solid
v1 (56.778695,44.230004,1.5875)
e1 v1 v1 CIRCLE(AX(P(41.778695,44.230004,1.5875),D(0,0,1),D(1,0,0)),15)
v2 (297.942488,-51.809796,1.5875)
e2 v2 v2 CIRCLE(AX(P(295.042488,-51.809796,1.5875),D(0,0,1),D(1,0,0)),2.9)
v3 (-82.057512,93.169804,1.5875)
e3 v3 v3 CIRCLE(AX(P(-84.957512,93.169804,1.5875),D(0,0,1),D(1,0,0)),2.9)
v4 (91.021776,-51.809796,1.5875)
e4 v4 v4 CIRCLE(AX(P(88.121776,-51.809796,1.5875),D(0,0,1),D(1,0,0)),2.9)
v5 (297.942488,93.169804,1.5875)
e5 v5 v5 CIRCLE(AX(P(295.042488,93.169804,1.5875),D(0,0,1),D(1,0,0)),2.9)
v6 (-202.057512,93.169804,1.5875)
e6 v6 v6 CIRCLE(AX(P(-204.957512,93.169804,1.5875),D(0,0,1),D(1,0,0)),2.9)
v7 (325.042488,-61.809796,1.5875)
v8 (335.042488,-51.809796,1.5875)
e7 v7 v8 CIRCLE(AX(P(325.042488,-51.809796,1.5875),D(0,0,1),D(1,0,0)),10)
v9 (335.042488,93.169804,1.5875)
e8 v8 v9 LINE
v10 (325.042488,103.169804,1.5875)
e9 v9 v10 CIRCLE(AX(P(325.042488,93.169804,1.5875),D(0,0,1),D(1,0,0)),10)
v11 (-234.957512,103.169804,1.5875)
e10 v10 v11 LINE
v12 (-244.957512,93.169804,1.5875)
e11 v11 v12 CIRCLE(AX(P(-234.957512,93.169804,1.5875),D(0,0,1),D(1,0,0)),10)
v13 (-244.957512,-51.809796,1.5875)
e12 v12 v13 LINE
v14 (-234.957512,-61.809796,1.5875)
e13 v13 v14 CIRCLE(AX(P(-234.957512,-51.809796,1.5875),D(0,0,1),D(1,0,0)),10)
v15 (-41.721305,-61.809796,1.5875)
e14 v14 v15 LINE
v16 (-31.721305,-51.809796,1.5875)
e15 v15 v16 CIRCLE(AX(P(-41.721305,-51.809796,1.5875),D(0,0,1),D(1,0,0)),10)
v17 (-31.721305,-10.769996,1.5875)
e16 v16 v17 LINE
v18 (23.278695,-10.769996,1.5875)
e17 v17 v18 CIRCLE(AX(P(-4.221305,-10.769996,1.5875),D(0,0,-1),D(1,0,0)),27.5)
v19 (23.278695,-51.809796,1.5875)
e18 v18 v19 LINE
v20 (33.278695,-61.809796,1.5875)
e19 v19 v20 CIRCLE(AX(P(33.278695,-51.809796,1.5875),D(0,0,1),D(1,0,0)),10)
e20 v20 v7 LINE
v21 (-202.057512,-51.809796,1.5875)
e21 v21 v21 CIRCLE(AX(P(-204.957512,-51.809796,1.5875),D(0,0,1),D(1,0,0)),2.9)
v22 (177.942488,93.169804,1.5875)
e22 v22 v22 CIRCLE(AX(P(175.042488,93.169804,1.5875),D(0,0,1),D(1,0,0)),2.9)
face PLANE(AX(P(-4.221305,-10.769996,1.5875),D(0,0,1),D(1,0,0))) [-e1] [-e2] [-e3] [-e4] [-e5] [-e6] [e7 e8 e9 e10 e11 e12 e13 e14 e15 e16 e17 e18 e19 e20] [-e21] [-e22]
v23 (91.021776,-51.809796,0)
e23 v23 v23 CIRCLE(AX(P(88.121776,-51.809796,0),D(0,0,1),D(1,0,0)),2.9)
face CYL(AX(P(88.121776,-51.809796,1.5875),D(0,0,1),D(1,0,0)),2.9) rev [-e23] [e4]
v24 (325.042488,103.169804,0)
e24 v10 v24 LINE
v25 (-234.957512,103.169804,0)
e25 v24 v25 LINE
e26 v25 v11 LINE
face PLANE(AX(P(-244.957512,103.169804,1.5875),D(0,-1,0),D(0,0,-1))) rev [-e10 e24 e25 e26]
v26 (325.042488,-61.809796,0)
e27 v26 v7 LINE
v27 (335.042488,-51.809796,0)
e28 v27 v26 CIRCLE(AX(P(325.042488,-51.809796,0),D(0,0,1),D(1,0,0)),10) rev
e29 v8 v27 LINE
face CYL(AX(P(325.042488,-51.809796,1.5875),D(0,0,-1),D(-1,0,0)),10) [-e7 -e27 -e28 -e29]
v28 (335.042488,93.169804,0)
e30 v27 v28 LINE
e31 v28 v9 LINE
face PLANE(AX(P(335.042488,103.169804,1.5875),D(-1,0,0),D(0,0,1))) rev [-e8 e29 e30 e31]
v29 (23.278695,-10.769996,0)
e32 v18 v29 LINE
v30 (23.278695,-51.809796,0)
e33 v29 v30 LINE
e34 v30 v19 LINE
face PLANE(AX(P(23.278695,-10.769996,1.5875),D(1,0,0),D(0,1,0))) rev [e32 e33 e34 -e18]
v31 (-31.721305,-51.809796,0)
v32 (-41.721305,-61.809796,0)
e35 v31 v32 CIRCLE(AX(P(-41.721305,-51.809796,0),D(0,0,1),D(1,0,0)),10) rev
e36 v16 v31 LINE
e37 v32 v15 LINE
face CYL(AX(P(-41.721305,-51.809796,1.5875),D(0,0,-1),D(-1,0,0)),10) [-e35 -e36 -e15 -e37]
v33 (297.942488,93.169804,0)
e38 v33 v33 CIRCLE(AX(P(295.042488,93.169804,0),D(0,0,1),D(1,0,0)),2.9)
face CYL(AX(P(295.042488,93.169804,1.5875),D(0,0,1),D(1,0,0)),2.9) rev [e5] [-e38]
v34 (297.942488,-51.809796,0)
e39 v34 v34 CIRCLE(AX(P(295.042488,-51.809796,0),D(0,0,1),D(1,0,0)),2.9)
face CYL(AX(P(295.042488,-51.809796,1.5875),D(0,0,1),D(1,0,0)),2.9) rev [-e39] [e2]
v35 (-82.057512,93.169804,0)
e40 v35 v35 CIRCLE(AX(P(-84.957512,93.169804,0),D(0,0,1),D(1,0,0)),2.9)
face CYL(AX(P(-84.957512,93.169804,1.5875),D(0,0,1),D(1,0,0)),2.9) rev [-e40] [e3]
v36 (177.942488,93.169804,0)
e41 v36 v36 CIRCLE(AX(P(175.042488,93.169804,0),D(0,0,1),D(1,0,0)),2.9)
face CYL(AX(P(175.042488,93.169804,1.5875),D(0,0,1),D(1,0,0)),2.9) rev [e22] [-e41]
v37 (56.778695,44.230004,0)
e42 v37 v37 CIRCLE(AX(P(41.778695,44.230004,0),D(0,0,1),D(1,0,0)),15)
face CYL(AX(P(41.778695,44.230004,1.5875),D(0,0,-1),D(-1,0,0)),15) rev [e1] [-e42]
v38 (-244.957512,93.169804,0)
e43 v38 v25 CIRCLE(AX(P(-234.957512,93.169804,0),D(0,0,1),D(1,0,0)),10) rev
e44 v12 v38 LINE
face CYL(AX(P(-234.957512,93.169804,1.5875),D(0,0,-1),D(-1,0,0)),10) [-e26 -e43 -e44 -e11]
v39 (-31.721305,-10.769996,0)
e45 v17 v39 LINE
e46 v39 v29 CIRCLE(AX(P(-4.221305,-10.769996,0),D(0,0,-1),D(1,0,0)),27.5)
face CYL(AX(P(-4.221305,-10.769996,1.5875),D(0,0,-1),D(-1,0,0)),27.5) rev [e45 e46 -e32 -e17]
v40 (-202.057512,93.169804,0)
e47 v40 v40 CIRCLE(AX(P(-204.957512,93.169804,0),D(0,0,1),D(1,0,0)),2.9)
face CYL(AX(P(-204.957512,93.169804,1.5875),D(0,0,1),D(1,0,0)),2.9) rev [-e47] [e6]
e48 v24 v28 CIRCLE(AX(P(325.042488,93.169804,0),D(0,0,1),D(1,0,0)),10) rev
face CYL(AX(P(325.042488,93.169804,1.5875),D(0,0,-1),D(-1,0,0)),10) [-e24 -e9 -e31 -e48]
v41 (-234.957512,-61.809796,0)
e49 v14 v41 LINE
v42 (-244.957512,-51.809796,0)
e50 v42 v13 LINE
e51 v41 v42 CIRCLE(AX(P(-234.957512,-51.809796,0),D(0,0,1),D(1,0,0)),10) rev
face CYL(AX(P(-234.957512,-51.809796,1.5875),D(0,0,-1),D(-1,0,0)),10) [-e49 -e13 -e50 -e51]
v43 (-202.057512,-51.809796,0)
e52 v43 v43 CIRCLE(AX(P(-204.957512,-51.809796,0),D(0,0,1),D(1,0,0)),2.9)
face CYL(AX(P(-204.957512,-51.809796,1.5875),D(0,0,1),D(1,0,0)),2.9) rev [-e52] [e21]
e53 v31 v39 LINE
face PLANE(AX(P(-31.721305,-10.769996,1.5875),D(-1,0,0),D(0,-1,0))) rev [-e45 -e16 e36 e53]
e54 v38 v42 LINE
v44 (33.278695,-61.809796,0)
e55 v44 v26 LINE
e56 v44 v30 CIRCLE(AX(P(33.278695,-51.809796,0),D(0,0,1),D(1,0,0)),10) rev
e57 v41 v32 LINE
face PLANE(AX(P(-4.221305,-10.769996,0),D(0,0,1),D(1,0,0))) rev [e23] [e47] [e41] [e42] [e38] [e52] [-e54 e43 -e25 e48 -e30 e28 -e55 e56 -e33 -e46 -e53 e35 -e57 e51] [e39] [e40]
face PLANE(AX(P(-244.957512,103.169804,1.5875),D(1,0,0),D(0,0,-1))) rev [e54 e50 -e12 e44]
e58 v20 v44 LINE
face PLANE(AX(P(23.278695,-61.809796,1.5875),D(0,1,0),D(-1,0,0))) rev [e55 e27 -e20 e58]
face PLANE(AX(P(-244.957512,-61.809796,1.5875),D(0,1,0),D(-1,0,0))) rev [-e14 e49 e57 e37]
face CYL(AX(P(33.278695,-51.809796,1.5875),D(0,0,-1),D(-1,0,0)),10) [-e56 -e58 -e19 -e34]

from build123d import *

# Parameters (mm, degrees)
SKETCH1_R            = 15
BOSS_EXTRUDE1_DEPTH  = 1.5875
M5_CLEARANCE_HOLE1_D = 5.8
FILLET1_R            = 10


with BuildPart() as part:
    # Sketch1 → Boss-Extrude1 (new body)
    with BuildSketch(Plane.XY):
        with BuildLine():
            Line((-31.721304871, -10.769995549), (-31.721304871, -61.809795549))
            Line((-31.721304871, -61.809795549), (-244.957511762, -61.809795549))
            Line((-244.957511762, -61.809795549), (-244.957511762, 103.169804451))
            Line((-244.957511762, 103.169804451), (335.042488238, 103.169804451))
            Line((335.042488238, 103.169804451), (335.042488238, -61.809795549))
            Line((335.042488238, -61.809795549), (23.278695129, -61.809795549))
            Line((23.278695129, -61.809795549), (23.278695129, -10.769995549))
            ThreePointArc((23.278695129, -10.769995549), (-4.221304871, 16.730004451), (-31.721304871, -10.769995549))
        make_face()
        with Locations((41.778695129, 44.230004451)):
            Circle(SKETCH1_R, mode=Mode.SUBTRACT)
    extrude(amount=BOSS_EXTRUDE1_DEPTH)

    # M5 Clearance Hole1 (through all)
    with Locations(Plane.XY.offset(1.5875)):
        with Locations((-204.957511762, 93.169804451), (-204.957511762, -51.809795549), (88.121775735, -51.809795549), (295.042488238, -51.809795549), (-84.957511762, 93.169804451), (175.042488238, 93.169804451), (295.042488238, 93.169804451)):
            Hole(M5_CLEARANCE_HOLE1_D / 2)

    # Fillet1
    fillet1_edges = [part.edges().sort_by_distance(p)[0] for p in [
        (-244.957511762, 103.169804451, 0.79375),
        (335.042488238, 103.169804451, 0.79375),
        (335.042488238, -61.809795549, 0.79375),
        (23.278695129, -61.809795549, 0.79375),
        (-31.721304871, -61.809795549, 0.79375),
        (-244.957511762, -61.809795549, 0.79375),
    ]]
    fillet(fillet1_edges, radius=FILLET1_R)


solid = part.part
